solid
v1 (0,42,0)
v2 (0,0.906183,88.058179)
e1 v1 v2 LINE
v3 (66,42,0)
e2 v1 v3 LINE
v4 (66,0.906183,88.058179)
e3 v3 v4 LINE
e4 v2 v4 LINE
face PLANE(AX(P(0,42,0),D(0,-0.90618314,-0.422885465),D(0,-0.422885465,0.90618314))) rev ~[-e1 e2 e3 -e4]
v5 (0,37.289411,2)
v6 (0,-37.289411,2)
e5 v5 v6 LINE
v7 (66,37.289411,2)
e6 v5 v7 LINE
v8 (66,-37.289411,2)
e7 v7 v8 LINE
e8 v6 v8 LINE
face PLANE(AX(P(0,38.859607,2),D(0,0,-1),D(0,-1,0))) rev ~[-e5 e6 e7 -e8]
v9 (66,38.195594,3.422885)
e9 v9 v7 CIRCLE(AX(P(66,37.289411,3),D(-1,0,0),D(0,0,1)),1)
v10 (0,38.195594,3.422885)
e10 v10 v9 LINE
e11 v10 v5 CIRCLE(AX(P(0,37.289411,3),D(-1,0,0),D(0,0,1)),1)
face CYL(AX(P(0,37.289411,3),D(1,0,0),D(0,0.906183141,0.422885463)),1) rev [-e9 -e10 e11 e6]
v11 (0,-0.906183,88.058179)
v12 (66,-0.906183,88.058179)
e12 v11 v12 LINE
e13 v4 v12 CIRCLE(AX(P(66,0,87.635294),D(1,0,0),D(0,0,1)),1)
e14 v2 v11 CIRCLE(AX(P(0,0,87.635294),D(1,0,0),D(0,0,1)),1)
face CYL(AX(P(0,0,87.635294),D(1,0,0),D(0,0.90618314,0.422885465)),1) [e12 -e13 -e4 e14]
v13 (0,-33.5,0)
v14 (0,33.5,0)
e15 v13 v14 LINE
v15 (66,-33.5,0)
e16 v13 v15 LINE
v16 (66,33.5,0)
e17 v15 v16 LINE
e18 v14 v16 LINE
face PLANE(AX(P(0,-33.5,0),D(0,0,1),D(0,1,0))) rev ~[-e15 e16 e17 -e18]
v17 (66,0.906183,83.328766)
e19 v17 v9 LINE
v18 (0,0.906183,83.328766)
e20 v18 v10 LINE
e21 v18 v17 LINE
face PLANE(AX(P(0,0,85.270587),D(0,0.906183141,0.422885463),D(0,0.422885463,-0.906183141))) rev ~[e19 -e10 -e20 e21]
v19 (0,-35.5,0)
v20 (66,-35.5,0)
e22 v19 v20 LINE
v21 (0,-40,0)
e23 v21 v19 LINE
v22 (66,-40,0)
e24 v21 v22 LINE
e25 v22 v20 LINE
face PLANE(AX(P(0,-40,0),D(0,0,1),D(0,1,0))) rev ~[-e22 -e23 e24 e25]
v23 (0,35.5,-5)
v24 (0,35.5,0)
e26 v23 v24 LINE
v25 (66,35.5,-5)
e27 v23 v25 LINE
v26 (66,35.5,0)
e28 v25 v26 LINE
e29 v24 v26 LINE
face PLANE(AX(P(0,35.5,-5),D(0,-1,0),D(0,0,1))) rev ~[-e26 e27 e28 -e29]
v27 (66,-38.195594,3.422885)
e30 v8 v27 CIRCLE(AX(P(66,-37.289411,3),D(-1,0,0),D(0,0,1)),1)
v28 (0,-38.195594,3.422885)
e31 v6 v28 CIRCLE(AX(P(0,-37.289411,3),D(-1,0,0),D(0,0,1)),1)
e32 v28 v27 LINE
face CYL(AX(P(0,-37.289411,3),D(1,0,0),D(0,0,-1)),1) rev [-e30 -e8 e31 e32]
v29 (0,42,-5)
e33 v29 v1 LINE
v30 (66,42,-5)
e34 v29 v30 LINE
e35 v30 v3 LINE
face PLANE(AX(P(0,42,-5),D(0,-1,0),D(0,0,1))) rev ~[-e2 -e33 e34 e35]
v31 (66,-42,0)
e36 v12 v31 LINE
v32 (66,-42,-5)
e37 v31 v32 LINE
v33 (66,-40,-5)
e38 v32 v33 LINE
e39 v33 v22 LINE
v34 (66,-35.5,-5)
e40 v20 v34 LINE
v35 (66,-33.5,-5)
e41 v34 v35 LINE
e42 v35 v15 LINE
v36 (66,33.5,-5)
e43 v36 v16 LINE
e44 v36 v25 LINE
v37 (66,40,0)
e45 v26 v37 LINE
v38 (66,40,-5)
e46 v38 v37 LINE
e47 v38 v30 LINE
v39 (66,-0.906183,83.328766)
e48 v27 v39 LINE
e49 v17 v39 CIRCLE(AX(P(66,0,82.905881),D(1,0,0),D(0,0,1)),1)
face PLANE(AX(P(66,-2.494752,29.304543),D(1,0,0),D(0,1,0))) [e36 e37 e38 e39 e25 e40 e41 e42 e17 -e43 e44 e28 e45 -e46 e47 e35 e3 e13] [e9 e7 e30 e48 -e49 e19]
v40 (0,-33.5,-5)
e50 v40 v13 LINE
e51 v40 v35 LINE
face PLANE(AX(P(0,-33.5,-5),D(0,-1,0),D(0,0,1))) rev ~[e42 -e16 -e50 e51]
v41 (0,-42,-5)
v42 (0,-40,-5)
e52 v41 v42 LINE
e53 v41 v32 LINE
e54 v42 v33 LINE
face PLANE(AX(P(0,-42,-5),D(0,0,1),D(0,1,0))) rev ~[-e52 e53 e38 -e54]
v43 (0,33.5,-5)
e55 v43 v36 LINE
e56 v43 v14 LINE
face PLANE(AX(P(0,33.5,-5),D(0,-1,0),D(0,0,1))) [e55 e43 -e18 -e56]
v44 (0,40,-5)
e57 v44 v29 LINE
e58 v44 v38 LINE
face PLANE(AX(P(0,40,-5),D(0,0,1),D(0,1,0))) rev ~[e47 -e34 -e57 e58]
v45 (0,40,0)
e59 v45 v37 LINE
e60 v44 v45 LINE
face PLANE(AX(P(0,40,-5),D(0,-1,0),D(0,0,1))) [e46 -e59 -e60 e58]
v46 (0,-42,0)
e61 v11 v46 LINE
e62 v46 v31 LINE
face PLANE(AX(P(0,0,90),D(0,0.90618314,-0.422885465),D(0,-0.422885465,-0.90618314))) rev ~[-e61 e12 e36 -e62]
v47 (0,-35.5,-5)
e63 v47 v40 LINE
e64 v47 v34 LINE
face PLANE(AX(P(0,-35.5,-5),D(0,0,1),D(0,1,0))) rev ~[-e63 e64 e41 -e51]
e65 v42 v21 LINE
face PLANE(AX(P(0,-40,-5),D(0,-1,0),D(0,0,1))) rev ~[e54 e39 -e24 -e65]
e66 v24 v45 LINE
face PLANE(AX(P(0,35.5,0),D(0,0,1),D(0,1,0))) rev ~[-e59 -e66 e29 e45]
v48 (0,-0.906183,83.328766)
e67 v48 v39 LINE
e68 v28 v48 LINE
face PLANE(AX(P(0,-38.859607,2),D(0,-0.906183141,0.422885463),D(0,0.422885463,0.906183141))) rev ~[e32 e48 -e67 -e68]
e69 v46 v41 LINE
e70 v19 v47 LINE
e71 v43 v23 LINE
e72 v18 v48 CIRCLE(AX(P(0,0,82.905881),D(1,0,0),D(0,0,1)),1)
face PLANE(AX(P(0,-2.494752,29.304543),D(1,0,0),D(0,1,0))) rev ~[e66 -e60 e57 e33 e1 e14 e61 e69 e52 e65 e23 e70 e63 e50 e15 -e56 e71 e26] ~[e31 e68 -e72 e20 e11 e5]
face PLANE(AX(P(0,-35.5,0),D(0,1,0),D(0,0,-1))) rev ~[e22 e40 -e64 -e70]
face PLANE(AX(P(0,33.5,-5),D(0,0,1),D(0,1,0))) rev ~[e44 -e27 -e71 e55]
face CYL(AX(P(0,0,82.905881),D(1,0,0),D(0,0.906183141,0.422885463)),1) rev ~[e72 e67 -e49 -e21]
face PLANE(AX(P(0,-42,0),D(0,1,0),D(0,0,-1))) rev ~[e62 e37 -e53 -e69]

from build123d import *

# Parameters (mm, degrees)
F0_W     = 2
F0_H     = 5
F1_DEPTH = 66
F2_R     = 1
F3_R     = 1


with BuildPart() as f1:
    # F0 (on Right) → F1 (new body)
    with BuildSketch(Plane.YZ):
        Polygon((-33.5, 0), (0, 0), (33.5, 0), (35.5, 0), (40, 0), (42, 0), (0, 90), (-42, 0), (-42, -5), (-40, -5), (-40, 0), (-35.5, 0), (-35.5, -5), (-33.5, -5), align=None)
        Polygon((38.859607, 2), (0, 2), (-38.859607, 2), (0, 85.270587), align=None, mode=Mode.SUBTRACT)
        with Locations((34.5, -2.5)):
            Rectangle(F0_W, F0_H)
        with Locations((41, -2.5)):
            Rectangle(F0_W, F0_H)
    extrude(amount=F1_DEPTH)

    # F2
    f2_edges = [f1.edges().sort_by_distance(p)[0] for p in [
        (33, 0, 90),
    ]]
    fillet(f2_edges, radius=F2_R)

    # F3
    f3_edges = [f1.edges().sort_by_distance(p)[0] for p in [
        (33, 0, 85.270587),
        (33, 38.859607, 2),
        (33, -38.859607, 2),
    ]]
    fillet(f3_edges, radius=F3_R)


solid = f1.part
